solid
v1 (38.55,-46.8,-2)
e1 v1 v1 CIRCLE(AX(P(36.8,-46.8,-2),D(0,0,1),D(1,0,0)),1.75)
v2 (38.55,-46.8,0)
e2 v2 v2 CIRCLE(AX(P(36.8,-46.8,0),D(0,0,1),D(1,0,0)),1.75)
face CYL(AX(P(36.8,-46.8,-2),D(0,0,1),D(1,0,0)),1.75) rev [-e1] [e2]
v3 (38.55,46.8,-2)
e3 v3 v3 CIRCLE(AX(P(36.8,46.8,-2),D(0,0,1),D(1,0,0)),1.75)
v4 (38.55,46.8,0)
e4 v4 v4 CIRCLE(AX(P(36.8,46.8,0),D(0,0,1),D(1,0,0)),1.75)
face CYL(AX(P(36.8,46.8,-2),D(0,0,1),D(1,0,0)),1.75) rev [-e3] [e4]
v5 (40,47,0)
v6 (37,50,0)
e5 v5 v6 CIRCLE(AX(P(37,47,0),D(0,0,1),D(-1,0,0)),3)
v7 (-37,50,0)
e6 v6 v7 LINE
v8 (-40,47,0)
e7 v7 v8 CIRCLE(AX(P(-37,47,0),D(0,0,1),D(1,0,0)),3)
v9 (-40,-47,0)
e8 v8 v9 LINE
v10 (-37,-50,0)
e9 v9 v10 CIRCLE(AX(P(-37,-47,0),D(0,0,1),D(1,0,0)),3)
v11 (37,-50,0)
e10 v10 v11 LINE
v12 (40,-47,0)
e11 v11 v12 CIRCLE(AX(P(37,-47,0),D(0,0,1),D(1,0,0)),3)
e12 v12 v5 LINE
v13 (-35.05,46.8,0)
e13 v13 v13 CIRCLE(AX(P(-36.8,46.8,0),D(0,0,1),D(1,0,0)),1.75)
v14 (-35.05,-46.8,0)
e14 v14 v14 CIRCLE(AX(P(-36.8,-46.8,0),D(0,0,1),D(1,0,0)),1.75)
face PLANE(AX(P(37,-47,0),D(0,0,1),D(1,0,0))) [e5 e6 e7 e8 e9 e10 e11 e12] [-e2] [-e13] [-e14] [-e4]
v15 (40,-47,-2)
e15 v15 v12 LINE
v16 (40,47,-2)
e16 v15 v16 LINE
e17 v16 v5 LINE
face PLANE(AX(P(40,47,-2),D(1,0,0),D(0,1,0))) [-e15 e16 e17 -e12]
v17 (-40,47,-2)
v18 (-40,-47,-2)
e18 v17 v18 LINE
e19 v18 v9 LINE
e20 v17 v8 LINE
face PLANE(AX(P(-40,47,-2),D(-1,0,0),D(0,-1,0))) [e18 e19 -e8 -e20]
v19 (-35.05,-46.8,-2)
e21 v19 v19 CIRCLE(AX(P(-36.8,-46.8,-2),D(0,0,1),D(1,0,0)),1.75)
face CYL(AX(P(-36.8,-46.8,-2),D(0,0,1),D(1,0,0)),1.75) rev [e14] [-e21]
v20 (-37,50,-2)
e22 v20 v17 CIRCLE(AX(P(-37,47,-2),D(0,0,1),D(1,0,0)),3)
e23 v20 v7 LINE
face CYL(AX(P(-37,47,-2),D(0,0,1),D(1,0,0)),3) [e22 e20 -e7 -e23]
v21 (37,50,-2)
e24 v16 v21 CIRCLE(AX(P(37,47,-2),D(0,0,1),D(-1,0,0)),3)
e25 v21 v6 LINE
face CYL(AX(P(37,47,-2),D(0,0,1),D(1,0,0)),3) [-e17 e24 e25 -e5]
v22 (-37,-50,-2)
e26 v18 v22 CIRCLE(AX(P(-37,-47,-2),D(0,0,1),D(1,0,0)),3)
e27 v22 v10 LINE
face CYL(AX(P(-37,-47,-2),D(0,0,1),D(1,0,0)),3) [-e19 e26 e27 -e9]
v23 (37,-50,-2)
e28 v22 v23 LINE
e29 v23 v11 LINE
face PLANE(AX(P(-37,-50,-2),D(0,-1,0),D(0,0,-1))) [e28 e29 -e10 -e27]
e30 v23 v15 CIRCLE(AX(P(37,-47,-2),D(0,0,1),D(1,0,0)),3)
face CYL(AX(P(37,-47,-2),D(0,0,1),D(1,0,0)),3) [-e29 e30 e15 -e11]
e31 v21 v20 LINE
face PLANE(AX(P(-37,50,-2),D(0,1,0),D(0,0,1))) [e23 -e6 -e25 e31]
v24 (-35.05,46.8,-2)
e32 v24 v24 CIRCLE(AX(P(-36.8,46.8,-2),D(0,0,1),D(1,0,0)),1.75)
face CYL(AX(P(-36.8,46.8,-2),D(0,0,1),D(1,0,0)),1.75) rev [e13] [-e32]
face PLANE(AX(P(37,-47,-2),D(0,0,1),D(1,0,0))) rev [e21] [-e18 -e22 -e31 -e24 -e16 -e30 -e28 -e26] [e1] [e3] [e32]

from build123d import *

# Parameters (mm, degrees)
EXTRUDE_1_DEPTH     = 2
CUT_EXTRUDE_1_DEPTH = 2


with BuildPart() as part:
    # 草图1 → 凸台-拉伸1 (new body)
    with BuildSketch(Plane.XY):
        with BuildLine():
            Line((-37, 50), (37, 50))
            ThreePointArc((37, 50), (39.121320344, 49.121320344), (40, 47))
            Line((40, 47), (40, -47))
            ThreePointArc((40, -47), (39.121320344, -49.121320344), (37, -50))
            Line((37, -50), (-37, -50))
            ThreePointArc((-37, -50), (-39.121320344, -49.121320344), (-40, -47))
            Line((-40, -47), (-40, 47))
            ThreePointArc((-40, 47), (-39.121320344, 49.121320344), (-37, 50))
        make_face()
    extrude(amount=-EXTRUDE_1_DEPTH)

    # 草图2 → 切除-拉伸1 (cut)
    with BuildSketch(Plane.XY):
        with BuildLine():
            ThreePointArc((-36.8, 48.55), (-38.037436867, 48.037436867), (-38.55, 46.8))
            Line((-38.55, 46.8), (-36.8, 46.8))
            Line((-36.8, 46.8), (-36.8, 48.55))
        make_face()
        with BuildLine():
            Line((-36.8, 46.8), (-38.55, 46.8))
            ThreePointArc((-38.55, 46.8), (-38.037436867, 45.562563133), (-36.8, 45.05))
            Line((-36.8, 45.05), (-36.8, 46.8))
        make_face()
        with BuildLine():
            Line((-36.8, 48.55), (-36.8, 46.8))
            Line((-36.8, 46.8), (-35.05, 46.8))
            ThreePointArc((-35.05, 46.8), (-35.562563133, 48.037436867), (-36.8, 48.55))
        make_face()
        with BuildLine():
            Line((-35.05, 46.8), (-36.8, 46.8))
            Line((-36.8, 46.8), (-36.8, 45.05))
            ThreePointArc((-36.8, 45.05), (-35.562563133, 45.562563133), (-35.05, 46.8))
        make_face()
        with BuildLine():
            ThreePointArc((-35.05, -46.8), (-35.562563133, -45.562563133), (-36.8, -45.05))
            Line((-36.8, -45.05), (-36.8, -46.8))
            Line((-36.8, -46.8), (-35.05, -46.8))
        make_face()
        with BuildLine():
            Line((-36.8, -46.8), (-36.8, -45.05))
            ThreePointArc((-36.8, -45.05), (-38.037436867, -45.562563133), (-38.55, -46.8))
            Line((-38.55, -46.8), (-36.8, -46.8))
        make_face()
        with BuildLine():
            Line((-36.8, -48.55), (-36.8, -46.8))
            Line((-36.8, -46.8), (-38.55, -46.8))
            ThreePointArc((-38.55, -46.8), (-38.037436867, -48.037436867), (-36.8, -48.55))
        make_face()
        with BuildLine():
            Line((-35.05, -46.8), (-36.8, -46.8))
            Line((-36.8, -46.8), (-36.8, -48.55))
            ThreePointArc((-36.8, -48.55), (-35.562563133, -48.037436867), (-35.05, -46.8))
        make_face()
        with BuildLine():
            ThreePointArc((36.8, -45.05), (35.562563133, -45.562563133), (35.05, -46.8))
            Line((35.05, -46.8), (36.8, -46.8))
            Line((36.8, -46.8), (36.8, -45.05))
        make_face()
        with BuildLine():
            Line((36.8, -46.8), (35.05, -46.8))
            ThreePointArc((35.05, -46.8), (35.562563133, -48.037436867), (36.8, -48.55))
            Line((36.8, -48.55), (36.8, -46.8))
        make_face()
        with BuildLine():
            ThreePointArc((38.55, -46.8), (38.037436867, -45.562563133), (36.8, -45.05))
            Line((36.8, -45.05), (36.8, -46.8))
            Line((36.8, -46.8), (38.55, -46.8))
        make_face()
        with BuildLine():
            Line((38.55, -46.8), (36.8, -46.8))
            Line((36.8, -46.8), (36.8, -48.55))
            ThreePointArc((36.8, -48.55), (38.037436867, -48.037436867), (38.55, -46.8))
        make_face()
        with BuildLine():
            ThreePointArc((36.8, 48.55), (35.562563133, 48.037436867), (35.05, 46.8))
            Line((35.05, 46.8), (36.8, 46.8))
            Line((36.8, 46.8), (36.8, 48.55))
        make_face()
        with BuildLine():
            Line((36.8, 46.8), (35.05, 46.8))
            ThreePointArc((35.05, 46.8), (35.562563133, 45.562563133), (36.8, 45.05))
            Line((36.8, 45.05), (36.8, 46.8))
        make_face()
        with BuildLine():
            Line((36.8, 48.55), (36.8, 46.8))
            Line((36.8, 46.8), (38.55, 46.8))
            ThreePointArc((38.55, 46.8), (38.037436867, 48.037436867), (36.8, 48.55))
        make_face()
        with BuildLine():
            Line((38.55, 46.8), (36.8, 46.8))
            Line((36.8, 46.8), (36.8, 45.05))
            ThreePointArc((36.8, 45.05), (38.037436867, 45.562563133), (38.55, 46.8))
        make_face()
    extrude(amount=-CUT_EXTRUDE_1_DEPTH, mode=Mode.SUBTRACT)


solid = part.part
